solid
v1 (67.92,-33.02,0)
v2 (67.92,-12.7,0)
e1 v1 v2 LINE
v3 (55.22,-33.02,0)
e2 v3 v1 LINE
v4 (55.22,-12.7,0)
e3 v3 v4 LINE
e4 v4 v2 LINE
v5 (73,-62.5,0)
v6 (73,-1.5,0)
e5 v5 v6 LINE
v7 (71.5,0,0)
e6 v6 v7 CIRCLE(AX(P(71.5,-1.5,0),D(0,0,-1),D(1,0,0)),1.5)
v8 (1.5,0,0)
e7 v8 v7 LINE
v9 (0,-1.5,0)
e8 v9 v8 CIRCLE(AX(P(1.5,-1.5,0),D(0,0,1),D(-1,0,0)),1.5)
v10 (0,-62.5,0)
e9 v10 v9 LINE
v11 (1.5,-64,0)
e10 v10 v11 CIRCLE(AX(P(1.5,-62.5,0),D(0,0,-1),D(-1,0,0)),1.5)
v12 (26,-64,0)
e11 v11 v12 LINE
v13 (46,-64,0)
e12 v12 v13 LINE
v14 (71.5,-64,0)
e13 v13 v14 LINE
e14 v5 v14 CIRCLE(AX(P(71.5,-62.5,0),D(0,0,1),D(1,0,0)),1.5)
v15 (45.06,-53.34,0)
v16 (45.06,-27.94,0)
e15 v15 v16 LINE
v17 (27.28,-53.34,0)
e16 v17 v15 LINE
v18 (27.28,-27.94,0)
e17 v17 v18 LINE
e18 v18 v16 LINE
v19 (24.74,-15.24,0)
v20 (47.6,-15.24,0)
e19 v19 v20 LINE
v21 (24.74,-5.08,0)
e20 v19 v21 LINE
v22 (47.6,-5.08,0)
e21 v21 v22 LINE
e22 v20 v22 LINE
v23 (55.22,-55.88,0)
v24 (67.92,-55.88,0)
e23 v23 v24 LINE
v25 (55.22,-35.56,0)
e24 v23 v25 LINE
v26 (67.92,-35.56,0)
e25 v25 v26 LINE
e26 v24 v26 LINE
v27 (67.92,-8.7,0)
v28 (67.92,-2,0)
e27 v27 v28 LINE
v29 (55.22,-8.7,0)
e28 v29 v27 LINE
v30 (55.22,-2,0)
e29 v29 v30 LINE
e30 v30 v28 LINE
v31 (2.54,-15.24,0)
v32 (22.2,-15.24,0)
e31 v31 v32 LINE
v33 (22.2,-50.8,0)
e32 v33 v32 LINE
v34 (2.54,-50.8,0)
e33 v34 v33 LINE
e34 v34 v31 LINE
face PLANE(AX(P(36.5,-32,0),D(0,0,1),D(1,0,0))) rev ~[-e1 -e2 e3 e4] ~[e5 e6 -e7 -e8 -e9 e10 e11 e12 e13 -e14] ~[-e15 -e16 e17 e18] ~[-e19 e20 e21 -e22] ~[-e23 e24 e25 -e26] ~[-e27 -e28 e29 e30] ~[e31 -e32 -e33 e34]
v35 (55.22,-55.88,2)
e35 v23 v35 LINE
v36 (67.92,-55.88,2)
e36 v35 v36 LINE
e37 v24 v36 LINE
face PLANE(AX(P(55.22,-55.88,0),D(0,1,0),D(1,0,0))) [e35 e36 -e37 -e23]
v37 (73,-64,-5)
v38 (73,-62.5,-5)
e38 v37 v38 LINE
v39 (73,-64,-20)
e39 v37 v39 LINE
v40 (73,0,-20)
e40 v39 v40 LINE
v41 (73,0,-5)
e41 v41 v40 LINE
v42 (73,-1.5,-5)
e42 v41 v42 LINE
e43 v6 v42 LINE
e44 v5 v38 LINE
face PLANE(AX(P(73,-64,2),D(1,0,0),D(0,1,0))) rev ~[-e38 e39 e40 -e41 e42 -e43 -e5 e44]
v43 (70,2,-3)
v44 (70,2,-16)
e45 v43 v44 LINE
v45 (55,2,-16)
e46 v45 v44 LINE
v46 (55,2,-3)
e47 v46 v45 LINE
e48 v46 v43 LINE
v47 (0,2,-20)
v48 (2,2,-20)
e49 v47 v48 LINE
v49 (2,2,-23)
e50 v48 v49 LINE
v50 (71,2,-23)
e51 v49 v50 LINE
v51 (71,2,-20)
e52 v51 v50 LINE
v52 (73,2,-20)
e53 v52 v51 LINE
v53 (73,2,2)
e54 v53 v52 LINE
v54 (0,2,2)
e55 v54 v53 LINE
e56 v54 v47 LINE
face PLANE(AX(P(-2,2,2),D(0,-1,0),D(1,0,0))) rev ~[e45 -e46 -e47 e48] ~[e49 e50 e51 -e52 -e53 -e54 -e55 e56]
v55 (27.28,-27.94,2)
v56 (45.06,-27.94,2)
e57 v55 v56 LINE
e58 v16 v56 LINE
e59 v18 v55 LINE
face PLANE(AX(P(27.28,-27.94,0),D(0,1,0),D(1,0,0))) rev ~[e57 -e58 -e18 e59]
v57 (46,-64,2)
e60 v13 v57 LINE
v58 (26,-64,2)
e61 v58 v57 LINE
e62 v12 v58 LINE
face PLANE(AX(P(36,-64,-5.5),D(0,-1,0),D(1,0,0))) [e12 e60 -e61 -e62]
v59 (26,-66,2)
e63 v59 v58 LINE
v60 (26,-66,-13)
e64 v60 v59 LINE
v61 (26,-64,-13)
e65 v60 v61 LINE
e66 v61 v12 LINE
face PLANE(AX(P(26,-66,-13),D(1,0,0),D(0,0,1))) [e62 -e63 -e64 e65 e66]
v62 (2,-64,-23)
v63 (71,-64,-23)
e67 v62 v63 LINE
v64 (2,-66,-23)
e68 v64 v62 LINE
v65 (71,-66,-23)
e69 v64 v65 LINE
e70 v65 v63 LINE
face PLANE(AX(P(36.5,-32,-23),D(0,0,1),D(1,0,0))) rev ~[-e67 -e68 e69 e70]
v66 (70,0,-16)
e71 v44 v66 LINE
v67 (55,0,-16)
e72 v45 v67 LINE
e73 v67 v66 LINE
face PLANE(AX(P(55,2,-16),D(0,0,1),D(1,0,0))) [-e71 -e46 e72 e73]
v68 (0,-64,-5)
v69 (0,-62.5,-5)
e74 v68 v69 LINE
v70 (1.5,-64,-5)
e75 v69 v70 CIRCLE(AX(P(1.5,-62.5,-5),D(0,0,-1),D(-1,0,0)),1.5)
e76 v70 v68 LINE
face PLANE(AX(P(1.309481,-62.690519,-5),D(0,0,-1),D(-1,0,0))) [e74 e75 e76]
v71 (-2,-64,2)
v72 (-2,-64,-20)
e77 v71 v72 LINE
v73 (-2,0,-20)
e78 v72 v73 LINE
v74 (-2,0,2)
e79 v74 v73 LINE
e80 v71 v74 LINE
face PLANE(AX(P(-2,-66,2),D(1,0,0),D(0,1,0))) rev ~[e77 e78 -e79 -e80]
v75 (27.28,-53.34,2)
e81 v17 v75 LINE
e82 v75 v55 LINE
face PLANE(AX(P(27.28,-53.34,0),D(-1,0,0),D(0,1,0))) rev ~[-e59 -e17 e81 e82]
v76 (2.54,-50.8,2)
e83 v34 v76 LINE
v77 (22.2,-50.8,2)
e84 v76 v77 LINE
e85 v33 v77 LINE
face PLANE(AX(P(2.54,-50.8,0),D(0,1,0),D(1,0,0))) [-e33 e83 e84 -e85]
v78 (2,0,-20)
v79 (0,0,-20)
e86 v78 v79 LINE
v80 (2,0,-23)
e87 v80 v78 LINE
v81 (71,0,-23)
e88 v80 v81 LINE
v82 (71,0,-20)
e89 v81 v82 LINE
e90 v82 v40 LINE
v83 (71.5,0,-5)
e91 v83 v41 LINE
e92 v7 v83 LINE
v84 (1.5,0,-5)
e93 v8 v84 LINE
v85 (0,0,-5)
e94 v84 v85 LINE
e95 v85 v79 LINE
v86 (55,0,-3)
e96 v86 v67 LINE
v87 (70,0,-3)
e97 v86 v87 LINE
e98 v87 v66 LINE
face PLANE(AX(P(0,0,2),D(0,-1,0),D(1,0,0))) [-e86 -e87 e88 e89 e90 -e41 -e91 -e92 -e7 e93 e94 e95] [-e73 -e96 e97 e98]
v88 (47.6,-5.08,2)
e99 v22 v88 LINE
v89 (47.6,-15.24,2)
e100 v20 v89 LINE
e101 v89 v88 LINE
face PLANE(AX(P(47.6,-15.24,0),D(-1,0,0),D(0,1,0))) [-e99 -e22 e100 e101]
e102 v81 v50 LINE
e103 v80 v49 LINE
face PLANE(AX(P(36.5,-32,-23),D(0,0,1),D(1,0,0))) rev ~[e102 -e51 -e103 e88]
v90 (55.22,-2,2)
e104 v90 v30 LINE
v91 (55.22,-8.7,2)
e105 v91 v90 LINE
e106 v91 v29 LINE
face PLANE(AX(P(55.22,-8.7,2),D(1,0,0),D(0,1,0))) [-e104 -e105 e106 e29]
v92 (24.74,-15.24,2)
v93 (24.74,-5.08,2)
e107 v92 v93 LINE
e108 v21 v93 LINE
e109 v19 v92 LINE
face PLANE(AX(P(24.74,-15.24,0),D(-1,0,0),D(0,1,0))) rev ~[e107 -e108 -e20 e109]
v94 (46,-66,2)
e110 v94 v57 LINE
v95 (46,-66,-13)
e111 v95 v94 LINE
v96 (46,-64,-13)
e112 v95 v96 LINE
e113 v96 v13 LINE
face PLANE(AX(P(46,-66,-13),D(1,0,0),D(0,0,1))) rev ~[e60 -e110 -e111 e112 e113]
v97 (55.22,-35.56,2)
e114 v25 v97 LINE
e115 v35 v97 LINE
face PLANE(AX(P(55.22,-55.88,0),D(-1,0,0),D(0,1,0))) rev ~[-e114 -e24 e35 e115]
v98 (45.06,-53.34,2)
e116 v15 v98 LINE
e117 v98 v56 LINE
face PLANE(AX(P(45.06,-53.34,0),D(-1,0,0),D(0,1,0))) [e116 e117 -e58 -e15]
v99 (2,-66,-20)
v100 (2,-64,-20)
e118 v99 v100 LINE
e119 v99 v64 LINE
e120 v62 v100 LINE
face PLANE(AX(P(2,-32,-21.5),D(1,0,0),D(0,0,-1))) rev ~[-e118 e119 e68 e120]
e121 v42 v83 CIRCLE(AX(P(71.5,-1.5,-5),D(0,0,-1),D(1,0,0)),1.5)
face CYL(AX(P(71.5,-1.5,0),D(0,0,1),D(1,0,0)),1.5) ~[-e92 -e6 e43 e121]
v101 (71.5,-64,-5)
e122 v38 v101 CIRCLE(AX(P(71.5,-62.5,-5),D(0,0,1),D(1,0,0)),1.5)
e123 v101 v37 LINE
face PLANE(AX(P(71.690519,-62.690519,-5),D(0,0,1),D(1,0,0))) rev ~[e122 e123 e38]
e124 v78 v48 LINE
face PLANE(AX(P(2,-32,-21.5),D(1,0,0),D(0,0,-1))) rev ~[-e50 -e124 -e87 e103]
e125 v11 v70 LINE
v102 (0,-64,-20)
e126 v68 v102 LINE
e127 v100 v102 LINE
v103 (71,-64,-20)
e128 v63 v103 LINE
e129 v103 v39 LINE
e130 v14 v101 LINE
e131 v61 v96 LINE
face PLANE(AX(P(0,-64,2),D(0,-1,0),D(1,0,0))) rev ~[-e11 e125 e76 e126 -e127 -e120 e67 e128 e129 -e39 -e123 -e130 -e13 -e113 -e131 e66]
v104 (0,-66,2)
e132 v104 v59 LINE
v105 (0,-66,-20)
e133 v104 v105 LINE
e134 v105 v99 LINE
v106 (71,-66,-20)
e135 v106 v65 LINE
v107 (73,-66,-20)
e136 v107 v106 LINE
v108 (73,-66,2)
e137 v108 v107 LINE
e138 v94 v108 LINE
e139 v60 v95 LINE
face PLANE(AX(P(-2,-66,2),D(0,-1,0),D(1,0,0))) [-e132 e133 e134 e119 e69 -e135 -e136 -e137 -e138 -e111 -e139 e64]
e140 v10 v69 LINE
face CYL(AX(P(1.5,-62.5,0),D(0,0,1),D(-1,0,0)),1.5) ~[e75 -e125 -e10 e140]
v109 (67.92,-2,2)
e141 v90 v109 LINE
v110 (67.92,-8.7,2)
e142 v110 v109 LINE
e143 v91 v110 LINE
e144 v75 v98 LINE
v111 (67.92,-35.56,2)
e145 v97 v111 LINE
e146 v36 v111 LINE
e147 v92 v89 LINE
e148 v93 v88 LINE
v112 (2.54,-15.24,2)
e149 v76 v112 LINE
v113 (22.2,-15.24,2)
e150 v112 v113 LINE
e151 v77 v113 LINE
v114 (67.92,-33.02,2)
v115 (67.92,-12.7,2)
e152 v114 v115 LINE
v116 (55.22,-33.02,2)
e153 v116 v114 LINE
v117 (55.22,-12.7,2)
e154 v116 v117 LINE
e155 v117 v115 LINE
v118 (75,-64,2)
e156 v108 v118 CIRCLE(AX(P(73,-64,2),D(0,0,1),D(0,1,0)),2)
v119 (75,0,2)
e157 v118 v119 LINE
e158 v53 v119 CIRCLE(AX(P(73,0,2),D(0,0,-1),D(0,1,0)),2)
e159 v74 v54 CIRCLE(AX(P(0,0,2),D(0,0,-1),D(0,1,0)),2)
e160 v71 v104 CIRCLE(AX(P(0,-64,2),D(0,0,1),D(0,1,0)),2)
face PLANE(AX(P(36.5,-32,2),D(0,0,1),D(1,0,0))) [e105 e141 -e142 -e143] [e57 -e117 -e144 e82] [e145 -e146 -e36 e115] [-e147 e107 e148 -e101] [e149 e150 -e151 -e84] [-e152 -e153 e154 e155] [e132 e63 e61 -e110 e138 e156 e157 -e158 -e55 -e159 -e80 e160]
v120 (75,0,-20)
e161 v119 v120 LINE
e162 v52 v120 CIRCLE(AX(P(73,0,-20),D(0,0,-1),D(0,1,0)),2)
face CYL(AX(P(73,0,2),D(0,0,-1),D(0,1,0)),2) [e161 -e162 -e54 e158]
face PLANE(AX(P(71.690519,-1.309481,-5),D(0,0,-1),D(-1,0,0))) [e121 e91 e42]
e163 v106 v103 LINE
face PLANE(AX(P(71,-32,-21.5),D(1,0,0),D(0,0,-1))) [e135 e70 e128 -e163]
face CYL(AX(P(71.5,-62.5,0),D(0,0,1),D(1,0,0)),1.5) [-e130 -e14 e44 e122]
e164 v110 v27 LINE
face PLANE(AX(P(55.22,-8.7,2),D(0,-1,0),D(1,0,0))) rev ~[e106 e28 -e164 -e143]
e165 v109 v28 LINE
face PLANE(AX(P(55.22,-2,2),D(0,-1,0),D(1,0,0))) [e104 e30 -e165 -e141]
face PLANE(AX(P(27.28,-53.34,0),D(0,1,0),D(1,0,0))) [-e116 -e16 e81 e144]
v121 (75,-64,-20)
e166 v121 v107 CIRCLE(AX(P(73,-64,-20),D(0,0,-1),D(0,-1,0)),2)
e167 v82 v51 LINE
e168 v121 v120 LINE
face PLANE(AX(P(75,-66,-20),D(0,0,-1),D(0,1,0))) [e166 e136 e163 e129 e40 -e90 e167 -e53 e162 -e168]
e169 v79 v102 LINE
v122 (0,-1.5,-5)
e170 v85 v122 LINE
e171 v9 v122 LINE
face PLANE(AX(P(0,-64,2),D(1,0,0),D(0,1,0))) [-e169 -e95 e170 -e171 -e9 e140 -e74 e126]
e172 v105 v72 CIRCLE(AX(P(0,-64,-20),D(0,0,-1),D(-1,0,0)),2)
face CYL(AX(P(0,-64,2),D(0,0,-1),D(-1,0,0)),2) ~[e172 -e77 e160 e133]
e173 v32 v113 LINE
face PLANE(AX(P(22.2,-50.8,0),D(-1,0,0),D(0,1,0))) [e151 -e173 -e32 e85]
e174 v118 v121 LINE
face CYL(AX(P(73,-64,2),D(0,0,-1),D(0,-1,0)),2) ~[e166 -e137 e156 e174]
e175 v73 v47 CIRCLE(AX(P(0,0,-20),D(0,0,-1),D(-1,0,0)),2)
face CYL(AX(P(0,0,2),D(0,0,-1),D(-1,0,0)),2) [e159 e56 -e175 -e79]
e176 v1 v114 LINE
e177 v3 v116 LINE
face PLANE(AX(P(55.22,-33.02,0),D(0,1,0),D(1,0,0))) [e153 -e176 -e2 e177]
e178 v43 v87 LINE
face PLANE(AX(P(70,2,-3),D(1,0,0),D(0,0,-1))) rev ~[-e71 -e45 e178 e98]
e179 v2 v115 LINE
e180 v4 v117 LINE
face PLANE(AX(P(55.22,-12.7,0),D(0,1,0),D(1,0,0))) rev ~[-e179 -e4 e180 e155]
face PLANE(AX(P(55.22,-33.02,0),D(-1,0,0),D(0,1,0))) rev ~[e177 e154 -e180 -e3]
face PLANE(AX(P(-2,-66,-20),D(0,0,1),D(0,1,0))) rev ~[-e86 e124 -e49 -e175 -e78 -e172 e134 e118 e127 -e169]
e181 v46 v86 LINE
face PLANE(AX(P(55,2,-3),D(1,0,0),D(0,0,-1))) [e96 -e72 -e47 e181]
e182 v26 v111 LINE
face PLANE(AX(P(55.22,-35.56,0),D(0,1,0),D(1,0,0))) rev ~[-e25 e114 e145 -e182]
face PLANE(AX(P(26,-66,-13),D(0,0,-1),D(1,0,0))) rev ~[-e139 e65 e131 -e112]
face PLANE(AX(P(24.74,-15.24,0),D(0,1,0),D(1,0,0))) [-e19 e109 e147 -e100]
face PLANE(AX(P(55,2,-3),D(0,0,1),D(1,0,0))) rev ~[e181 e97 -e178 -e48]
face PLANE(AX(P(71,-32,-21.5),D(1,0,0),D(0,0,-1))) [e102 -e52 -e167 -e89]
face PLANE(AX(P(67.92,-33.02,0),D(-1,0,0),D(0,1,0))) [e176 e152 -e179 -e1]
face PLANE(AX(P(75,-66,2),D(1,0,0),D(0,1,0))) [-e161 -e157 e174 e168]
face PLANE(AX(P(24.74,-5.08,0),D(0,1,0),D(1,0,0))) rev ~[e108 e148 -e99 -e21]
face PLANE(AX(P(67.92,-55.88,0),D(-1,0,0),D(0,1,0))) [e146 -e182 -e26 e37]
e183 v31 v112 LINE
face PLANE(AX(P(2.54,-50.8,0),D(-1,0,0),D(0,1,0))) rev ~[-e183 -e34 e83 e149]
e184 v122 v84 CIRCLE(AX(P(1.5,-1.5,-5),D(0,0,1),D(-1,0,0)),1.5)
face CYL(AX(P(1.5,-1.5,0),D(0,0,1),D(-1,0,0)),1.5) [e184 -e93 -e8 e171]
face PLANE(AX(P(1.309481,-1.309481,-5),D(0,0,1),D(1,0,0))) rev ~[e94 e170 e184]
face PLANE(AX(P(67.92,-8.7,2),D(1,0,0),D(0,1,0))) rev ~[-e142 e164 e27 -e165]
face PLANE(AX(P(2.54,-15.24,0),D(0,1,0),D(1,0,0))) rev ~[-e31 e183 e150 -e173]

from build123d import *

# Parameters (mm, degrees)
SKETCH_1_W               = 73
SKETCH_1_H               = 64
SKETCH_1_W_2             = 22.86
SKETCH_1_H_2             = 10.16
SKETCH_1_W_3             = 12.7
SKETCH_1_H_3             = 20.32
SKETCH_1_W_4             = 19.66
SKETCH_1_H_4             = 35.56
SKETCH_1_W_5             = 17.78
SKETCH_1_H_5             = 25.4
EXTRUDE_1_DEPTH          = 2
SKETCH_2_W               = 77
SKETCH_2_H               = 68
SKETCH_2_W_2             = 73
SKETCH_2_H_2             = 64
EXTRUDE_2_DEPTH          = 25
FILLET_1_R               = 2
SKETCH_5_W               = 3
SKETCH_5_H               = 68
CUT_EXTRUDE_1_DEPTH      = 4
CUT_EXTRUDE_2_DEPTH      = 2
CUT_EXTRUDE_2_DEPTH_BACK = 2
SKETCH_7_W               = 3
SKETCH_7_H               = 68
SKETCH_8_W               = 20
SKETCH_8_H               = 15
CUT_EXTRUDE_3_DEPTH      = 2
SKETCH_9_W               = 15
SKETCH_9_H               = 13
CUT_EXTRUDE_4_DEPTH      = 2
SKETCH_10_W              = 12.7
SKETCH_10_H              = 6.7
CUT_EXTRUDE_5_DEPTH      = 2
EXTRUDE_3_DEPTH          = 5


with BuildPart() as part:
    # 草图1 → 凸台-拉伸1 (new body)
    with BuildSketch(Plane.XY):
        with Locations((36.5, -32)):
            Rectangle(SKETCH_1_W, SKETCH_1_H)
        with Locations((36.17, -10.16)):
            Rectangle(SKETCH_1_W_2, SKETCH_1_H_2, mode=Mode.SUBTRACT)
        with Locations((61.57, -22.86)):
            Rectangle(SKETCH_1_W_3, SKETCH_1_H_3, mode=Mode.SUBTRACT)
        with Locations((61.57, -45.72)):
            Rectangle(SKETCH_1_W_3, SKETCH_1_H_3, mode=Mode.SUBTRACT)
        with Locations((12.37, -33.02)):
            Rectangle(SKETCH_1_W_4, SKETCH_1_H_4, mode=Mode.SUBTRACT)
        with Locations((36.17, -40.64)):
            Rectangle(SKETCH_1_W_5, SKETCH_1_H_5, mode=Mode.SUBTRACT)
    extrude(amount=EXTRUDE_1_DEPTH)

    # 草图2 → 凸台-拉伸2 (add)
    with BuildSketch(Plane.XY.offset(2)):
        with Locations((36.5, -32)):
            Rectangle(SKETCH_2_W, SKETCH_2_H)
        with Locations((36.5, -32)):
            Rectangle(SKETCH_2_W_2, SKETCH_2_H_2, mode=Mode.SUBTRACT)
    extrude(amount=-EXTRUDE_2_DEPTH)

    # 圆角1
    fillet_1_edges = [part.edges().sort_by_distance(p)[0] for p in [
        (-2, 2, -10.5),
        (75, 2, -10.5),
        (75, -66, -10.5),
        (-2, -66, -10.5),
    ]]
    fillet(fillet_1_edges, radius=FILLET_1_R)

    # 草图5 → 切除-拉伸1 (cut)
    with BuildSketch(Plane(origin=(75, 0, 0), x_dir=(0, 0, -1), z_dir=(1, 0, 0))):
        with Locations((21.5, -32)):
            Rectangle(SKETCH_5_W, SKETCH_5_H)
    extrude(amount=-CUT_EXTRUDE_1_DEPTH, mode=Mode.SUBTRACT)

    # 草图7 → 切除-拉伸2 (cut, two sides: drawn at the far end of the back side and taken through both)
    with BuildSketch(Plane(origin=(0, 0, 0), x_dir=(0, 0, -1), z_dir=(1, 0, 0)).offset(-CUT_EXTRUDE_2_DEPTH_BACK)):
        with Locations((21.5, -32)):
            Rectangle(SKETCH_7_W, SKETCH_7_H)
    extrude(amount=CUT_EXTRUDE_2_DEPTH + CUT_EXTRUDE_2_DEPTH_BACK, mode=Mode.SUBTRACT)

    # 草图8 → 切除-拉伸3 (cut)
    with BuildSketch(Plane.XZ.offset(66)):
        with Locations((36, -5.5)):
            Rectangle(SKETCH_8_W, SKETCH_8_H)
    extrude(amount=-CUT_EXTRUDE_3_DEPTH, mode=Mode.SUBTRACT)

    # 草图9 → 切除-拉伸4 (cut)
    with BuildSketch(Plane(origin=(0, 2, 0), x_dir=(1, 0, 0), z_dir=(0, 1, 0))):
        with Locations((62.5, 9.5)):
            Rectangle(SKETCH_9_W, SKETCH_9_H)
    extrude(amount=-CUT_EXTRUDE_4_DEPTH, mode=Mode.SUBTRACT)

    # 草图10 → 切除-拉伸5 (cut)
    with BuildSketch(Plane.XY.offset(2)):
        with Locations((61.57, -5.35)):
            Rectangle(SKETCH_10_W, SKETCH_10_H)
    extrude(amount=-CUT_EXTRUDE_5_DEPTH, mode=Mode.SUBTRACT)

    # 草图12 → 凸台-拉伸3 (add)
    with BuildSketch(Plane(origin=(0, 0, 0), x_dir=(-1, 0, 0), z_dir=(0, 0, -1))):
        with BuildLine():
            Line((-1.5, -64), (0, -64))
            Line((0, -64), (0, -62.5))
            ThreePointArc((0, -62.5), (-2.560660172, -61.439339828), (-1.5, -64))
        make_face()
        with BuildLine():
            Line((-73, -64), (-73, -62.5))
            ThreePointArc((-73, -62.5), (-70.439339828, -61.439339828), (-71.5, -64))
            Line((-71.5, -64), (-73, -64))
        make_face()
        with BuildLine():
            Line((-71.5, 0), (-73, 0))
            Line((-73, 0), (-73, -1.5))
            ThreePointArc((-73, -1.5), (-70.439339828, -2.560660172), (-71.5, 0))
        make_face()
        with BuildLine():
            Line((0, 0), (0, -1.5))
            ThreePointArc((0, -1.5), (-2.560660172, -2.560660172), (-1.5, 0))
            Line((-1.5, 0), (0, 0))
        make_face()
    extrude(amount=EXTRUDE_3_DEPTH)


solid = part.part
